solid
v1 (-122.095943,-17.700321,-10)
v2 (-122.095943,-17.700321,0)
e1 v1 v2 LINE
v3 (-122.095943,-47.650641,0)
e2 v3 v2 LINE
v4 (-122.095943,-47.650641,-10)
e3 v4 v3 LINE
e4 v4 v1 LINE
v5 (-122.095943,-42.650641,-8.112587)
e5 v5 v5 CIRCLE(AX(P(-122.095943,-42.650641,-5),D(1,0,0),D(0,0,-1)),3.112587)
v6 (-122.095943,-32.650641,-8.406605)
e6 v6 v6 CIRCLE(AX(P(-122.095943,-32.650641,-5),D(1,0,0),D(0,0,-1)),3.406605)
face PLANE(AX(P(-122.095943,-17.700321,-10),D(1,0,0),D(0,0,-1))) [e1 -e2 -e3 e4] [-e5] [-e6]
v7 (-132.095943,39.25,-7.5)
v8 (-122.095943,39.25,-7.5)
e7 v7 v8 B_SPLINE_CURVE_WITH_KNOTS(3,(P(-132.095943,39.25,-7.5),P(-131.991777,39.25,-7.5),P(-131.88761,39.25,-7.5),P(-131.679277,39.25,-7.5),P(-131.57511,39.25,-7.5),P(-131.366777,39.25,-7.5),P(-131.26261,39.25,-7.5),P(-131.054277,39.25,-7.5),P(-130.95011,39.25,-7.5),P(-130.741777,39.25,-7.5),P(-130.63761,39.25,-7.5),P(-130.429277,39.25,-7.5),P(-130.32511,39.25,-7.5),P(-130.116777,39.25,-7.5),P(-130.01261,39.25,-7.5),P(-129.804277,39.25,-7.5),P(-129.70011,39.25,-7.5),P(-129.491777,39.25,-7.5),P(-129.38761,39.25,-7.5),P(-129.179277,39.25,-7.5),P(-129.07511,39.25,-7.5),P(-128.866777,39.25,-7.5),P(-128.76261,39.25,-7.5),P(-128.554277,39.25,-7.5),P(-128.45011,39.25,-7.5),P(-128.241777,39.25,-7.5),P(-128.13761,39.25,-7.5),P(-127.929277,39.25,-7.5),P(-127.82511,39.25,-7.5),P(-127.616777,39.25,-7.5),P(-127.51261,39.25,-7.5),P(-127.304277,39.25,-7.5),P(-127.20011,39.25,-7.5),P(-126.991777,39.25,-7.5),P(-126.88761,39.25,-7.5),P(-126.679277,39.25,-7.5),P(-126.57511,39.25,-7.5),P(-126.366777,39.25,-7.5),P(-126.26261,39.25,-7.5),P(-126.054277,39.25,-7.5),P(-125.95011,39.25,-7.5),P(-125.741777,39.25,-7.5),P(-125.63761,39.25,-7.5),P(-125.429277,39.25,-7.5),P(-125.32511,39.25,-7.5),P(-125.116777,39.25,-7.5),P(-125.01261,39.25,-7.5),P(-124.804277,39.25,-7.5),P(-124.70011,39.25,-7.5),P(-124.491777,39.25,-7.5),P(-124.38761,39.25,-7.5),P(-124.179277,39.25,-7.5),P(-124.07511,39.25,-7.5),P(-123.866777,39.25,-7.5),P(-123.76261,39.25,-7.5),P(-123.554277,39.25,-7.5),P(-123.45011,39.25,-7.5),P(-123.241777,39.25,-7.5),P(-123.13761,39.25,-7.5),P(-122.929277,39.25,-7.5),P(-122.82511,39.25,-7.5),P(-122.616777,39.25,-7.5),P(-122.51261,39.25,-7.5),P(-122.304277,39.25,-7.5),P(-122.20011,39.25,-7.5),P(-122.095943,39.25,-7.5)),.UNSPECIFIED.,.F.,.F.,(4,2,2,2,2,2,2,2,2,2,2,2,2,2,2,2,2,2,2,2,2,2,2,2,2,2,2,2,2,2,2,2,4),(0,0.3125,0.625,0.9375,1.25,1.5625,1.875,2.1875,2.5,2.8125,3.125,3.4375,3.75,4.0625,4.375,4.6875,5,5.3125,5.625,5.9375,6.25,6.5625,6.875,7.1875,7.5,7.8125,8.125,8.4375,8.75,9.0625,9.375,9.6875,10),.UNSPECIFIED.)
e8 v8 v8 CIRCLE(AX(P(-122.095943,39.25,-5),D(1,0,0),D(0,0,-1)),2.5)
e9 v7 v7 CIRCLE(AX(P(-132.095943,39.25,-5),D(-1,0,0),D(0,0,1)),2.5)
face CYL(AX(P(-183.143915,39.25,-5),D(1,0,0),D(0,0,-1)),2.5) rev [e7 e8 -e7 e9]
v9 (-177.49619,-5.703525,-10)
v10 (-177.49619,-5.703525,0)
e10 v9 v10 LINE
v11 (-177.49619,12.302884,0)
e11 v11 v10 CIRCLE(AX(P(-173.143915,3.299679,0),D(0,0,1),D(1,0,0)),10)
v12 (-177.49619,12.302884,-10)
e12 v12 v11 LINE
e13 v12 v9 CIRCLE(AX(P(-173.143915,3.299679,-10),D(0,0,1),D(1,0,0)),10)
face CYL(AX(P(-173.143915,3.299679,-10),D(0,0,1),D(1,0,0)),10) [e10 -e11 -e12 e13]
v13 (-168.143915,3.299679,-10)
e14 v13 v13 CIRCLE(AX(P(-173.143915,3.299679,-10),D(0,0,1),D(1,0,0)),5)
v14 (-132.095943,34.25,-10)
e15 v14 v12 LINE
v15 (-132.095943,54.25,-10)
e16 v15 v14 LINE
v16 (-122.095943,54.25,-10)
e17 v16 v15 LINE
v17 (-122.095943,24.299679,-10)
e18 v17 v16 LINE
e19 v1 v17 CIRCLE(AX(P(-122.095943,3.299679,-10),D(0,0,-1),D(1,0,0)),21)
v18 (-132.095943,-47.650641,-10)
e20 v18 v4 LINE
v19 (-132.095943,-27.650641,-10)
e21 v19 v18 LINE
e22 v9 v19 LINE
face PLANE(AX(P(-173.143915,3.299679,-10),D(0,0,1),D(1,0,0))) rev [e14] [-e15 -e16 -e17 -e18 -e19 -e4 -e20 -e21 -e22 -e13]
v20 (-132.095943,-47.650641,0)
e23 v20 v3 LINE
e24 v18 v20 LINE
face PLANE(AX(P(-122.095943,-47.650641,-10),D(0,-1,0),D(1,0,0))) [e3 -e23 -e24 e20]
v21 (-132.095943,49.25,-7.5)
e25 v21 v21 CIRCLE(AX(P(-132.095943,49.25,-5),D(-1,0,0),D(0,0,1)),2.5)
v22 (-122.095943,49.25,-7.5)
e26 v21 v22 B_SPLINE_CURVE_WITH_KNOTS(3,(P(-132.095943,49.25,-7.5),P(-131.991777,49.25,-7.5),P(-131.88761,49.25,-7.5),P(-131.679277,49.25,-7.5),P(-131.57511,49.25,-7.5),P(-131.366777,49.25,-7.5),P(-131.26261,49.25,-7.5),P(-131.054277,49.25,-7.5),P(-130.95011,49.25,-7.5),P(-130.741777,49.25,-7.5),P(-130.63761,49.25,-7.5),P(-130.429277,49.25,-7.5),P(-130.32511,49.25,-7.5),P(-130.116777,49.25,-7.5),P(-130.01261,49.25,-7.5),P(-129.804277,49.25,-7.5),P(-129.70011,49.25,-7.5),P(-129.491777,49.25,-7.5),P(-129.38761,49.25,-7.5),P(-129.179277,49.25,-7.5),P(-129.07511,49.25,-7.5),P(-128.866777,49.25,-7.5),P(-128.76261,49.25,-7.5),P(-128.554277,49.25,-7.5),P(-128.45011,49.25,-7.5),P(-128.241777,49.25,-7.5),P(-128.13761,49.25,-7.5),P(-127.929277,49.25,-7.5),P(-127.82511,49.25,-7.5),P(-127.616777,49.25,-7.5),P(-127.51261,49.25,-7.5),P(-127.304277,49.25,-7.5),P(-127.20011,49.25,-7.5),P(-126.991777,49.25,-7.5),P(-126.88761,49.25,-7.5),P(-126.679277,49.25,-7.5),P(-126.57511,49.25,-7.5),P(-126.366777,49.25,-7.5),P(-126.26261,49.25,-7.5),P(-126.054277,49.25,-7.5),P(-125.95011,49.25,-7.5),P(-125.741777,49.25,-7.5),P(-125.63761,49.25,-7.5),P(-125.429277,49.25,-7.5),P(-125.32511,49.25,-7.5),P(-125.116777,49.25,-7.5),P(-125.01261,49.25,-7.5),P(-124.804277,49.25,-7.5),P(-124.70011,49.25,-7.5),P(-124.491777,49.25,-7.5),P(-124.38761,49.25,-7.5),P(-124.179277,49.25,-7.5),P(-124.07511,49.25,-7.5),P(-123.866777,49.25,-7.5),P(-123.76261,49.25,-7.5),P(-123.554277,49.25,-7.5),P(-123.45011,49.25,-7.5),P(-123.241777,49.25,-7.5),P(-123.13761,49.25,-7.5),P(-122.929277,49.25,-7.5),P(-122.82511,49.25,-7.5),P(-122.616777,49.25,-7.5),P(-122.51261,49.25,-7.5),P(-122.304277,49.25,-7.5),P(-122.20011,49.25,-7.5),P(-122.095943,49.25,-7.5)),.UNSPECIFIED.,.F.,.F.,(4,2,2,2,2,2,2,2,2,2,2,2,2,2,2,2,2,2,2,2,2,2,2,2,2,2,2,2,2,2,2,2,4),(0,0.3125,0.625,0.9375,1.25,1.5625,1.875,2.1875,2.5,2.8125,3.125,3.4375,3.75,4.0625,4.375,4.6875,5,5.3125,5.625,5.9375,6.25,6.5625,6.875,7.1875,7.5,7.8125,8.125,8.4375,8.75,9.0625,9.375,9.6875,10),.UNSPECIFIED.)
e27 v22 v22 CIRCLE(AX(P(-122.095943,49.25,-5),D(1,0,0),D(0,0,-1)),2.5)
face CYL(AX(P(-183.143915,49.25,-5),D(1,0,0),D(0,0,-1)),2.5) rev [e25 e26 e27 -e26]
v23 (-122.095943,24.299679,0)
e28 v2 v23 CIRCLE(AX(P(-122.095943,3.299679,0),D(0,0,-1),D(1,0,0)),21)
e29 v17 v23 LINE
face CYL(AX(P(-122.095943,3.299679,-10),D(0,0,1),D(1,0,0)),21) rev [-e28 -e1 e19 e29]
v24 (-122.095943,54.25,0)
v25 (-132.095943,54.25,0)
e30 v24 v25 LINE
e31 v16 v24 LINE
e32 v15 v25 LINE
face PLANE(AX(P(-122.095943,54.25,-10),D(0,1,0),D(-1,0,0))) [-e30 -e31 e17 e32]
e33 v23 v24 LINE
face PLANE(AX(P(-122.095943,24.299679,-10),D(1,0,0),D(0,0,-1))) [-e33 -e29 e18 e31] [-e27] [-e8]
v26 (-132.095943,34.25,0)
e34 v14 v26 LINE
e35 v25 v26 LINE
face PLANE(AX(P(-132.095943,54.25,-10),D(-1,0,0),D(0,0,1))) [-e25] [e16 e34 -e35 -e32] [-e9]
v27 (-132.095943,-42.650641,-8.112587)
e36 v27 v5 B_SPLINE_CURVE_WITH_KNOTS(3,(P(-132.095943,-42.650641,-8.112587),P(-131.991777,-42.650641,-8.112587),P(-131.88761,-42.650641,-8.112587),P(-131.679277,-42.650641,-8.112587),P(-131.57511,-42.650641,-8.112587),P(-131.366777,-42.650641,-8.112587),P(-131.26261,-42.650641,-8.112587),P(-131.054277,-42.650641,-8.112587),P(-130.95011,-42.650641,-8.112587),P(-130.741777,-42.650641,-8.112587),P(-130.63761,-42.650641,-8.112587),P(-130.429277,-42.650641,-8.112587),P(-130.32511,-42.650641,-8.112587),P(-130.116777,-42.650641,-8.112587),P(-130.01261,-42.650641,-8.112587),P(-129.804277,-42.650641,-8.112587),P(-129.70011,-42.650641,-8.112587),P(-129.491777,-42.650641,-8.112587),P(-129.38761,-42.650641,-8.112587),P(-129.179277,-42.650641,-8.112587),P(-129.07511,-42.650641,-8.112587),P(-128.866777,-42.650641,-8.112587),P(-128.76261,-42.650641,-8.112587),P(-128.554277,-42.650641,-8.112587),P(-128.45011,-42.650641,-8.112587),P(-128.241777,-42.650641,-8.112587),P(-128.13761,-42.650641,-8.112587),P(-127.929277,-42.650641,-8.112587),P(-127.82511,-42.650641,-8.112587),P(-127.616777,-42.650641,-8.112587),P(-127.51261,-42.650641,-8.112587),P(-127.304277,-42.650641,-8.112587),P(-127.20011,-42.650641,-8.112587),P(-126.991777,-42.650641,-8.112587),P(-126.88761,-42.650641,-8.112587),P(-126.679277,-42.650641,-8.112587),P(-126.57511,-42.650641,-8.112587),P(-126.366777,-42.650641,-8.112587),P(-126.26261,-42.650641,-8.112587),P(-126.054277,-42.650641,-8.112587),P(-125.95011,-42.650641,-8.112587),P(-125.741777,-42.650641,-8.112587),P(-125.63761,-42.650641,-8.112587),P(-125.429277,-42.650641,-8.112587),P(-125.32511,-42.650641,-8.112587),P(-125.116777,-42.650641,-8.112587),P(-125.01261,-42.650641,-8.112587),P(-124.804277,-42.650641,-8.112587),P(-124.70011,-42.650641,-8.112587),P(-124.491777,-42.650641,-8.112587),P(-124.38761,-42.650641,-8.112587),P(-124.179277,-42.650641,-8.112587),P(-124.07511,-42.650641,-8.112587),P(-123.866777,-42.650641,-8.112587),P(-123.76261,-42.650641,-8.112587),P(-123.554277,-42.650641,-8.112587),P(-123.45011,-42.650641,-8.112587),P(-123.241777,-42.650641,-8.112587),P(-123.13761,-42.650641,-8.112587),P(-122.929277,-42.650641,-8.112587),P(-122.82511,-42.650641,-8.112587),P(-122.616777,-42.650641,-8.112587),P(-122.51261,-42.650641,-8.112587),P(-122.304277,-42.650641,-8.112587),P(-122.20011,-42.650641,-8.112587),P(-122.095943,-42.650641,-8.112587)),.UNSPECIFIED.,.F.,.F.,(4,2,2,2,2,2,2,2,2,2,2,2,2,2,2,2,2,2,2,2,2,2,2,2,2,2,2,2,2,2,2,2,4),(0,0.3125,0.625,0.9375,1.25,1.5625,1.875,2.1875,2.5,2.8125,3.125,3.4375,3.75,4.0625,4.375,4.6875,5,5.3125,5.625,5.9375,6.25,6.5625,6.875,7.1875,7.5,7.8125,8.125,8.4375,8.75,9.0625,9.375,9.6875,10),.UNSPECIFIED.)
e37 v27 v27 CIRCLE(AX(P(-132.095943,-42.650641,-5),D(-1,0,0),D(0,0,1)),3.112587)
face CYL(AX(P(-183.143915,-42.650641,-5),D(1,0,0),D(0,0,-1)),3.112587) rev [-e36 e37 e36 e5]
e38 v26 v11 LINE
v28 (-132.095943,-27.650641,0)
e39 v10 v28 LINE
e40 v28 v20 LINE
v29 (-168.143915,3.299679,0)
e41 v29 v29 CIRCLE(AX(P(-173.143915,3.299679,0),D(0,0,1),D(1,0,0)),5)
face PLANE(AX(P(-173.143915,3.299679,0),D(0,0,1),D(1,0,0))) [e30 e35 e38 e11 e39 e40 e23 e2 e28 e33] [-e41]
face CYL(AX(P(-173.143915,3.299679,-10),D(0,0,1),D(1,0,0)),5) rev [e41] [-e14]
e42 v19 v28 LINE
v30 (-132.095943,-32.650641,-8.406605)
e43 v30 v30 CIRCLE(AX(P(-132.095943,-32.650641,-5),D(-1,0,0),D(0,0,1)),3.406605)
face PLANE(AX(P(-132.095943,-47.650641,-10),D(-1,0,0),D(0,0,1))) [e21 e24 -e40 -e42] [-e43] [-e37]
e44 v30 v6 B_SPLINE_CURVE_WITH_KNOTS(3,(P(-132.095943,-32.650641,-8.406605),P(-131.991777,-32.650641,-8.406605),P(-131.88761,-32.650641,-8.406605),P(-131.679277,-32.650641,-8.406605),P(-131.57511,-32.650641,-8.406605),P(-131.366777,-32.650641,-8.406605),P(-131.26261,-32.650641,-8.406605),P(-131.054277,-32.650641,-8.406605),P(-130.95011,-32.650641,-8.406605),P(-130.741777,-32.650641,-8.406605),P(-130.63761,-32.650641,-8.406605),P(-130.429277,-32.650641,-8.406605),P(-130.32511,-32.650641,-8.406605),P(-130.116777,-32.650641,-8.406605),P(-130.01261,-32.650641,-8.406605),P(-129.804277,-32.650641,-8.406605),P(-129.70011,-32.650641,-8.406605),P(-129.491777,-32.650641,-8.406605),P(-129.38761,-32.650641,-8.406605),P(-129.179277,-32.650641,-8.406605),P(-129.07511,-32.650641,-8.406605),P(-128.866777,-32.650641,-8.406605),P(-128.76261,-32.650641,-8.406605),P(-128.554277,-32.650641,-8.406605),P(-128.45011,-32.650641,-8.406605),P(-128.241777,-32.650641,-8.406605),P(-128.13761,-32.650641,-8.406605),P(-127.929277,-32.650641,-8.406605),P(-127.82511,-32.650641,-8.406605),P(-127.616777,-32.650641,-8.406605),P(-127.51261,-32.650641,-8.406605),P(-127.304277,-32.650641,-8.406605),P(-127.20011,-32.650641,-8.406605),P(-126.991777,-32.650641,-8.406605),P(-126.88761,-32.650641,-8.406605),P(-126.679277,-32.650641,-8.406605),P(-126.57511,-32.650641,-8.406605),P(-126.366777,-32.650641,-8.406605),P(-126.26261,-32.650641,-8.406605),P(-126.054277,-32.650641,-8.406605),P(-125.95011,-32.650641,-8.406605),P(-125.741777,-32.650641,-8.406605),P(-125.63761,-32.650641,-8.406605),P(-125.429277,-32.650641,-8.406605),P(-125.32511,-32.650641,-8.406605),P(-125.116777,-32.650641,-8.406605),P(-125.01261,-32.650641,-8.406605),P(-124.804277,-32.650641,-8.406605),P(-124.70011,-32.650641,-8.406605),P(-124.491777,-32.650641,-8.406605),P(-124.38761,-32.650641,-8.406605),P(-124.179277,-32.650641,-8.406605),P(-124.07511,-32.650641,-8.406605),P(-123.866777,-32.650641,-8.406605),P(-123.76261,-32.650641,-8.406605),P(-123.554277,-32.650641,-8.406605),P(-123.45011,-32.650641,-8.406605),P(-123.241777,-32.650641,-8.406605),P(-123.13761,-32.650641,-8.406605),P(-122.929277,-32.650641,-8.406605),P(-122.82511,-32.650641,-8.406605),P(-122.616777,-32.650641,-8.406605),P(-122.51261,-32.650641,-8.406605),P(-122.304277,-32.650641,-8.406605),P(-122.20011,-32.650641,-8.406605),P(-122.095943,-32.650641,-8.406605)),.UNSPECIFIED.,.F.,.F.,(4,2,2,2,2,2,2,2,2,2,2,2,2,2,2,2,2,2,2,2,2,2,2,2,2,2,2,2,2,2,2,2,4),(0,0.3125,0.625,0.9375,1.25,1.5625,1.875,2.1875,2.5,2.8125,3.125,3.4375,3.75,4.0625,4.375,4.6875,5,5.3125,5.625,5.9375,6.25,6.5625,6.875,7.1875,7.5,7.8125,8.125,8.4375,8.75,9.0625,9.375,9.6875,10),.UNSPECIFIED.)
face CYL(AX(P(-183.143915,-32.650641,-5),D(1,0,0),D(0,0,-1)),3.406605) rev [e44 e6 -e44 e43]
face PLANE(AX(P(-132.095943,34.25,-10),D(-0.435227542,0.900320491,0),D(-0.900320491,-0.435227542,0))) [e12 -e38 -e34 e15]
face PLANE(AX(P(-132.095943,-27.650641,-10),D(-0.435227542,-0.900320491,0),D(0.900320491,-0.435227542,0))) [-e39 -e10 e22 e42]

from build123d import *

# Parameters (mm, degrees)
BOSS_EXTRUDE2_DEPTH = 10
SKETCH2_R           = 5
CUT_EXTRUDE1_DEPTH  = 192.271419748
SKETCH3_R           = 2.5
SKETCH3_R_2         = 3.112586519
SKETCH3_R_3         = 3.406605284
CUT_EXTRUDE2_DEPTH  = 83.27950738


with BuildPart() as part:
    # Sketch1 → Boss-Extrude2 (new body)
    with BuildSketch(Plane.XY):
        with BuildLine():
            Line((-122.095943171, 24.299679487), (-122.095943171, 54.25))
            Line((-122.095943171, 54.25), (-132.095943171, 54.25))
            Line((-132.095943171, 54.25), (-132.095943171, 34.25))
            Line((-132.095943171, 34.25), (-177.496190175, 12.302884399))
            ThreePointArc((-177.496190175, 12.302884399), (-183.143914757, 3.299679487), (-177.496190175, -5.703525425))
            Line((-177.496190175, -5.703525425), (-132.095943171, -27.650641026))
            Line((-132.095943171, -27.650641026), (-132.095943171, -47.650641026))
            Line((-132.095943171, -47.650641026), (-122.095943171, -47.650641026))
            Line((-122.095943171, -47.650641026), (-122.095943171, -17.700320513))
            ThreePointArc((-122.095943171, -17.700320513), (-143.095943171, 3.299679487), (-122.095943171, 24.299679487))
        make_face()
    extrude(amount=-BOSS_EXTRUDE2_DEPTH)

    # Sketch2 → Cut-Extrude1 (cut, through all)
    with BuildSketch(Plane.XY):
        with Locations((-173.143914757, 3.299679487)):
            Circle(SKETCH2_R)
    extrude(amount=-CUT_EXTRUDE1_DEPTH, mode=Mode.SUBTRACT)

    # Sketch3 → Cut-Extrude2 (cut, through all)
    with BuildSketch(Plane(origin=(-122.095943171, 0, 0), x_dir=(0, 0, -1), z_dir=(1, 0, 0))):
        with Locations((5, 49.25)):
            Circle(SKETCH3_R)
        with Locations((5, 39.25)):
            Circle(SKETCH3_R)
        with Locations((5, -42.650641026)):
            Circle(SKETCH3_R_2)
        with Locations((5, -32.650641026)):
            Circle(SKETCH3_R_3)
    extrude(amount=-CUT_EXTRUDE2_DEPTH, mode=Mode.SUBTRACT)


solid = part.part
